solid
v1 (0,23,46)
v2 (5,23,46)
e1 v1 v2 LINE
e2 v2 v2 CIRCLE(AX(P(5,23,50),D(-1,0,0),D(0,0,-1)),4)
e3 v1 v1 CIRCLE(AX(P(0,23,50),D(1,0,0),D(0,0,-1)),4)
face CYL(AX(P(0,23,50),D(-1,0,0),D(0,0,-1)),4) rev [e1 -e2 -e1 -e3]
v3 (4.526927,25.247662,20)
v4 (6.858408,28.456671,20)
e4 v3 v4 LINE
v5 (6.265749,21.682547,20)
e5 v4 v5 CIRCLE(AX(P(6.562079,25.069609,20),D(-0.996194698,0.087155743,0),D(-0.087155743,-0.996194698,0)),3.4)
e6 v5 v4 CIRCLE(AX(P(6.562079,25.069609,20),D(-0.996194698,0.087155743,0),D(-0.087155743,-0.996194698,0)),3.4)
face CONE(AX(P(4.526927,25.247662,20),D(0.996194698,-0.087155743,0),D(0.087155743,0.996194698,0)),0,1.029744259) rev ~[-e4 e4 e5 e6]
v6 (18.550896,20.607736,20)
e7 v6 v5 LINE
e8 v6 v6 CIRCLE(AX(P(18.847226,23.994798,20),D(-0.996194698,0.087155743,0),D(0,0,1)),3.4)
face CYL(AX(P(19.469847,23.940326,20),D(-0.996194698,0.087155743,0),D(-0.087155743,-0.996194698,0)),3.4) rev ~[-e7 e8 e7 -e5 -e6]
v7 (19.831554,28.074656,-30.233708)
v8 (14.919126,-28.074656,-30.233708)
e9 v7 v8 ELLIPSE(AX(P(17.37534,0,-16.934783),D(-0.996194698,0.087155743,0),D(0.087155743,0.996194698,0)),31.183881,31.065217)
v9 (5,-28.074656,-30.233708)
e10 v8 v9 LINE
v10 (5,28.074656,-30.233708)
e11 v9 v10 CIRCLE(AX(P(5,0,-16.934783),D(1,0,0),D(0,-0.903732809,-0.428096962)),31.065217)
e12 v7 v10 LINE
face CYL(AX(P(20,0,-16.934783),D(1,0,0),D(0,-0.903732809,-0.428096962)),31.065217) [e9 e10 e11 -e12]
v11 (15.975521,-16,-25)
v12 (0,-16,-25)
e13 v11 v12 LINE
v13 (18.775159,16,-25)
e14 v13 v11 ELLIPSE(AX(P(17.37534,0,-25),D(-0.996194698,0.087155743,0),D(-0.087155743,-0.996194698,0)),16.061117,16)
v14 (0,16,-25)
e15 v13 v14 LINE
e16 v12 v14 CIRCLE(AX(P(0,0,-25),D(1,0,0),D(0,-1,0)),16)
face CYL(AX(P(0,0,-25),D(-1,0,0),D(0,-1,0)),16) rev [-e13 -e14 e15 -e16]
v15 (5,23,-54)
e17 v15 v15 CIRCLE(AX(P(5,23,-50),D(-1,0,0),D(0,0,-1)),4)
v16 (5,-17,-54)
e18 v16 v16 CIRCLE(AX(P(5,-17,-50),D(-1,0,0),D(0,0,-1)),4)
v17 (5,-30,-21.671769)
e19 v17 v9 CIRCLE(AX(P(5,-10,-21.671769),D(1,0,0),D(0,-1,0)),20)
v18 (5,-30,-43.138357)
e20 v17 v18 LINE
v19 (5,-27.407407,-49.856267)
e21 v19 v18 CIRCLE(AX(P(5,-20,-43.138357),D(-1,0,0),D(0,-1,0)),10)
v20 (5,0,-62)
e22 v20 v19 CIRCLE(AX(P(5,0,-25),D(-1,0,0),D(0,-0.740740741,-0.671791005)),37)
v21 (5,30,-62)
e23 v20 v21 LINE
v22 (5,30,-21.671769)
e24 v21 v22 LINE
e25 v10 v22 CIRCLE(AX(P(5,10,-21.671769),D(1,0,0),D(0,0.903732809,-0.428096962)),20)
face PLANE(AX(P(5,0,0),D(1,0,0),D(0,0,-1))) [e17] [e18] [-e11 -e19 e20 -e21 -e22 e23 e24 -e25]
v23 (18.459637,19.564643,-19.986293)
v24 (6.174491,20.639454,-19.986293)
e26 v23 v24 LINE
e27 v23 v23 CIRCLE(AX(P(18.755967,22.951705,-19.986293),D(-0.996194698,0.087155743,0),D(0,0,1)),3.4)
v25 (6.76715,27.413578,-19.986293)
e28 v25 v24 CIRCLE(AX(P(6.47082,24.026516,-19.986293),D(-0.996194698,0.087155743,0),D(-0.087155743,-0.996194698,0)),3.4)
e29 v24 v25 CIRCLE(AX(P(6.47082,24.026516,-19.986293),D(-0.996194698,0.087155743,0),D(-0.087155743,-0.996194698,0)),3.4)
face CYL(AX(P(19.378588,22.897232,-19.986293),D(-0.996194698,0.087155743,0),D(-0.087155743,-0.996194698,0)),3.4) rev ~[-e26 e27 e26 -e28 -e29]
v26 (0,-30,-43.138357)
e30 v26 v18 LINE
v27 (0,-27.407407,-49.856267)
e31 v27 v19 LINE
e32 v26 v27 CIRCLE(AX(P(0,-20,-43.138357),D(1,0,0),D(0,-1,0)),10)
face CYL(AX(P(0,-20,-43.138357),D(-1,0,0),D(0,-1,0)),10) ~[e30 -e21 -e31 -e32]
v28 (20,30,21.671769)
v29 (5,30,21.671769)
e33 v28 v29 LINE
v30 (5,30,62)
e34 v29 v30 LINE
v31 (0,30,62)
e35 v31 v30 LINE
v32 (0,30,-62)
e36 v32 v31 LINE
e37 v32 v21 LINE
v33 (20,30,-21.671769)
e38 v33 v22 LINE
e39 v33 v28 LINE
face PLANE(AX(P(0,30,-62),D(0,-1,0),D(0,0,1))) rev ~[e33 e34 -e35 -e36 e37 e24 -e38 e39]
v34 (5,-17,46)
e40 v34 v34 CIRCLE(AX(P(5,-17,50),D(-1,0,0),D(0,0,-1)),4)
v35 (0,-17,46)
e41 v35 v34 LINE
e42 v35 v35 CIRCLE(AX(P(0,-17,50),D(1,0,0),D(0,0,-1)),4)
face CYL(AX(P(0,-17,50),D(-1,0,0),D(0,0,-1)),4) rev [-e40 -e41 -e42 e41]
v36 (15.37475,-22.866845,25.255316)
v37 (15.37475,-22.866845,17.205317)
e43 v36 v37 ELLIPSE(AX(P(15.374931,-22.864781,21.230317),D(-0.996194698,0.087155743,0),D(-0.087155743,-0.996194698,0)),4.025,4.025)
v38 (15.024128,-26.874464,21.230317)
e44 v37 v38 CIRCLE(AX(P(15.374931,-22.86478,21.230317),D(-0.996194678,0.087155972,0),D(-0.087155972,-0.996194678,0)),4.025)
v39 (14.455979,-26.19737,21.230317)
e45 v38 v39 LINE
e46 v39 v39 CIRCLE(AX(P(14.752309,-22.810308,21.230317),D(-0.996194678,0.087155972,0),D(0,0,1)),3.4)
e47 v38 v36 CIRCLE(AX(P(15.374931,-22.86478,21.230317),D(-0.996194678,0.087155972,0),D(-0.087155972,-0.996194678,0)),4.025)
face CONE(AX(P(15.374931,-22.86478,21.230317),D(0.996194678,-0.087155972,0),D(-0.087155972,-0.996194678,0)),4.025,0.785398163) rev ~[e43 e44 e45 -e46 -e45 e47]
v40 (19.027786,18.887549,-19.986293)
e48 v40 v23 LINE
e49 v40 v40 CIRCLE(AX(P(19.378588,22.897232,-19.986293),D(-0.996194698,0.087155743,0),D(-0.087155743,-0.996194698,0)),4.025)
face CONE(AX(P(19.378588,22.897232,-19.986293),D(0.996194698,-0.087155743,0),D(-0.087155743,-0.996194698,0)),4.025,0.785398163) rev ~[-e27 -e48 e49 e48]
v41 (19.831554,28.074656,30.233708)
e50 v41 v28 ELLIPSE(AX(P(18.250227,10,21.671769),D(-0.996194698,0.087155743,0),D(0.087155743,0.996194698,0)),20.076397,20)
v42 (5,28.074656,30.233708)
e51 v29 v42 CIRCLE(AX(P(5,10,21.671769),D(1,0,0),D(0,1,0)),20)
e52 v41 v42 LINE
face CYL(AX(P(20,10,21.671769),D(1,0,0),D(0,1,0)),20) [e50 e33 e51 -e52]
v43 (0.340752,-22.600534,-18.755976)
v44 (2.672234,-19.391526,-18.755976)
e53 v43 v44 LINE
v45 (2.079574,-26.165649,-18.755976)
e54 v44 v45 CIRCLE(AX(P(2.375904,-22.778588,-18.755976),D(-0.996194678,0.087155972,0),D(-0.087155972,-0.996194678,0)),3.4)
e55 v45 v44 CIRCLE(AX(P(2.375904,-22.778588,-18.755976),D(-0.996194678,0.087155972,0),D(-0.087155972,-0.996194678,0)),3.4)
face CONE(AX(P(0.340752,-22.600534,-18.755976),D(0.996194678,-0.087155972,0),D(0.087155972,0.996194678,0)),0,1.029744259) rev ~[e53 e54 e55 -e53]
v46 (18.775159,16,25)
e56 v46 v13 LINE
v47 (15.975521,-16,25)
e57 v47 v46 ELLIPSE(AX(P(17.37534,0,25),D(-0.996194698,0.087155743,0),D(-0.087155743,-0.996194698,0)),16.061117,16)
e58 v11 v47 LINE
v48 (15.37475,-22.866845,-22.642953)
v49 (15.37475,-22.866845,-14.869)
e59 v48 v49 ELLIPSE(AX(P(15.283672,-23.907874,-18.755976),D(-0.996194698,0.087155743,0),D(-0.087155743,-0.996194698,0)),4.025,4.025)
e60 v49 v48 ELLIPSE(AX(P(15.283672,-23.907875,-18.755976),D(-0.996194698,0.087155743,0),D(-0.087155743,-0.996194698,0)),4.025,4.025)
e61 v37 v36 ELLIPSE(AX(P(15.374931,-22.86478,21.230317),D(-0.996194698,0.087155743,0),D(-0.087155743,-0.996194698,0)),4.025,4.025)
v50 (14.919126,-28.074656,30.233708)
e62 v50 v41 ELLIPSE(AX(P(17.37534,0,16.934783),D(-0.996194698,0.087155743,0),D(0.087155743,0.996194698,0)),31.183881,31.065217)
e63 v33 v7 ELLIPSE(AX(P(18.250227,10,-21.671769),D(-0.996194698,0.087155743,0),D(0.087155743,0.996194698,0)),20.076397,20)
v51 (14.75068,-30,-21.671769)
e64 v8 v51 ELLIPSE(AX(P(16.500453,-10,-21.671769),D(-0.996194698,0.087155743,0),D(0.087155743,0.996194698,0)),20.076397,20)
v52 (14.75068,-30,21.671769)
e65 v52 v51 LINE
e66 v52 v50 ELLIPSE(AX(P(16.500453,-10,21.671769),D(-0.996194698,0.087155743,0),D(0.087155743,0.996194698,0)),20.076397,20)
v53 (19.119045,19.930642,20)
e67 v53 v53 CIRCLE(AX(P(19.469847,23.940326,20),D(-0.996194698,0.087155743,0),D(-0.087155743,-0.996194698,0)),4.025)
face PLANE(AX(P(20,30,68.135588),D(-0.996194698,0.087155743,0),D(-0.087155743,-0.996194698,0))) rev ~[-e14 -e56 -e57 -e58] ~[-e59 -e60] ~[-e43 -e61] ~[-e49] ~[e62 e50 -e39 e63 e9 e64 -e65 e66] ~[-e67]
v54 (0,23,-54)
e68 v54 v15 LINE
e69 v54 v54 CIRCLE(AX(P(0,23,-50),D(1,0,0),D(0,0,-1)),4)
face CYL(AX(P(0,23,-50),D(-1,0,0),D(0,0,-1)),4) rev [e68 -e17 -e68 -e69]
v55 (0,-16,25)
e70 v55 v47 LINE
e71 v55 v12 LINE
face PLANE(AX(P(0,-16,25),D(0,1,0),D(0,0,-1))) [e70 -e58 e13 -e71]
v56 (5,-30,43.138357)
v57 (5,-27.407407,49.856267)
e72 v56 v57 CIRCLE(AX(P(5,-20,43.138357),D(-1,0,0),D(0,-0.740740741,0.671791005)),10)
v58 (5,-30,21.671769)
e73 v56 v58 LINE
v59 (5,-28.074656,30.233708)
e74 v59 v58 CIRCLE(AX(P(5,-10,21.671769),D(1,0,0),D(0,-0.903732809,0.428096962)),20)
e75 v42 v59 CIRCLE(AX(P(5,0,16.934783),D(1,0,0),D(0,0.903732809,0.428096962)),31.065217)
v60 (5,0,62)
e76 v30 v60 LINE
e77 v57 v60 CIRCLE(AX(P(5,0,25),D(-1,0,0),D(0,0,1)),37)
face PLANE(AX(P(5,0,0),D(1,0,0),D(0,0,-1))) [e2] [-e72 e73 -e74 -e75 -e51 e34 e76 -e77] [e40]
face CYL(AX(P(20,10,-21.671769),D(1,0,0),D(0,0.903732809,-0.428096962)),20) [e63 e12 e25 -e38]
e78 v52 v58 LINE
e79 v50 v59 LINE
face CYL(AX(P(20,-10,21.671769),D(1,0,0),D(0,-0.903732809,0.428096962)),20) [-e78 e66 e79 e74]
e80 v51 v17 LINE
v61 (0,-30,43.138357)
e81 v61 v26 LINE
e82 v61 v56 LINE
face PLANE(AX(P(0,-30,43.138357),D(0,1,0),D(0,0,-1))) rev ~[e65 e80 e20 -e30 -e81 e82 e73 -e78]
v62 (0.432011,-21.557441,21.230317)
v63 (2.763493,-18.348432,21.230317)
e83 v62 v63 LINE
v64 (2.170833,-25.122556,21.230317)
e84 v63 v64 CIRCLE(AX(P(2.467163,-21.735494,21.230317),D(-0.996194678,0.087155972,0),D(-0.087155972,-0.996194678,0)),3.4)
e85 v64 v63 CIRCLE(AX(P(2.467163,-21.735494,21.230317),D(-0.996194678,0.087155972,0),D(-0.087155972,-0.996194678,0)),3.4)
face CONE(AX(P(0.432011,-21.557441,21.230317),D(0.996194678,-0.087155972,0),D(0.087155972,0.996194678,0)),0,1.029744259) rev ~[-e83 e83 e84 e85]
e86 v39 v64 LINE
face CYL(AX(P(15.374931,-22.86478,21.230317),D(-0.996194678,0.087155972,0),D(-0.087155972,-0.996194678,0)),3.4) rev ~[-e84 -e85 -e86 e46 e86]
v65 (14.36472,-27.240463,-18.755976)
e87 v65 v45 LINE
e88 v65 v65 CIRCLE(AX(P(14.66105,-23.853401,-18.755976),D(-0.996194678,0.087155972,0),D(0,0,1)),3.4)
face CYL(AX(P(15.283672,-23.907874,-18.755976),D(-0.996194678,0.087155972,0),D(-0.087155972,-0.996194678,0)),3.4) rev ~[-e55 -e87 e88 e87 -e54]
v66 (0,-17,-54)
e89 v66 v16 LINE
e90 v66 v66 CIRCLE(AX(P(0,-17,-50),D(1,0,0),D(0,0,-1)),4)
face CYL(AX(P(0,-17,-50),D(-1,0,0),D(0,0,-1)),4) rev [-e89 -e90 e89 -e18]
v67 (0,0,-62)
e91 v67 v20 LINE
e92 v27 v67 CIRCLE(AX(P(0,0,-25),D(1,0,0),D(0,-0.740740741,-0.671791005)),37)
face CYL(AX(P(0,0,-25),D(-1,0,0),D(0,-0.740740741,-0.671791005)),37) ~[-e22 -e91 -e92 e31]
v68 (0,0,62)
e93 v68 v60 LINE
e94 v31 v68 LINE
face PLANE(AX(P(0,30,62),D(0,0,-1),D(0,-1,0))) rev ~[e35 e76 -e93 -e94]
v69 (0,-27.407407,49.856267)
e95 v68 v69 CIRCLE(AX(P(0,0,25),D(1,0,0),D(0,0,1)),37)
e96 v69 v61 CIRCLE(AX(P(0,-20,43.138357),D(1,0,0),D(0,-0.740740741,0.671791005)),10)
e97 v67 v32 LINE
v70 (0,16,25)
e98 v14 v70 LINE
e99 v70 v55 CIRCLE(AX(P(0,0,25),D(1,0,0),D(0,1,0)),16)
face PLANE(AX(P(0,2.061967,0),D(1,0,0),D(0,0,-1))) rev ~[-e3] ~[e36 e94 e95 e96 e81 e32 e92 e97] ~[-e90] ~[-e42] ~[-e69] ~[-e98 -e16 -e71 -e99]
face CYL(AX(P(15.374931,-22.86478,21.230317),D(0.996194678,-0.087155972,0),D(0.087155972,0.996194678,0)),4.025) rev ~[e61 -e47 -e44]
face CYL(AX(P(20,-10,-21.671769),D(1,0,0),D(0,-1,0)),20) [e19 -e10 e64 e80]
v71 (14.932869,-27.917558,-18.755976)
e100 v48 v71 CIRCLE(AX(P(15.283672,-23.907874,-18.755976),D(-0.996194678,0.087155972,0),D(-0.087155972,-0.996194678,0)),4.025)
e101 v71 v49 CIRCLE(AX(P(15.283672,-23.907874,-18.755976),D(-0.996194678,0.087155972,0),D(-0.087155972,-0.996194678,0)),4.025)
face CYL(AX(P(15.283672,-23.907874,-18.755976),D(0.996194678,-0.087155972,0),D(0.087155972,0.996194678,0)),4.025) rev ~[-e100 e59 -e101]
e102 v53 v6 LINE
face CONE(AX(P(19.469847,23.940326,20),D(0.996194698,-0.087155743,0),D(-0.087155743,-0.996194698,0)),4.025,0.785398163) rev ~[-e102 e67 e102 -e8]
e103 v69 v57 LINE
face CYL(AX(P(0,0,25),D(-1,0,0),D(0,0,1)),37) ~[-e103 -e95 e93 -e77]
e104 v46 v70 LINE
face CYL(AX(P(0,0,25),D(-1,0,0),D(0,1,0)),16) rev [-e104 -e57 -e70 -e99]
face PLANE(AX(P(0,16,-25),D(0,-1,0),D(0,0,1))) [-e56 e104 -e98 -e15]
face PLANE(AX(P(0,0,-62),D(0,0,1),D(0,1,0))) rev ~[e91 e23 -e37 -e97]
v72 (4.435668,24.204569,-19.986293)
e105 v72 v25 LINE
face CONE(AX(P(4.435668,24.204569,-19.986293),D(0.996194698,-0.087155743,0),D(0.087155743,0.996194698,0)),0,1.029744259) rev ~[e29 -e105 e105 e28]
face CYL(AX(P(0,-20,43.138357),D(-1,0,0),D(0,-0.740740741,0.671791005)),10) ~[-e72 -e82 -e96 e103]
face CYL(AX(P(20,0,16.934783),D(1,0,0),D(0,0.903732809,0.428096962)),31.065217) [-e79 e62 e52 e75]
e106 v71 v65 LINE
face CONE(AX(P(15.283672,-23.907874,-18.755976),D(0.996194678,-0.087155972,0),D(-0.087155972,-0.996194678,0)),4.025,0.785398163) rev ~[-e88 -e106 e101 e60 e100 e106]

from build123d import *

# Parameters (mm, degrees)
SZKIC1_R                                   = 4
DODANIE_WYCI_GNI_CIE1_DEPTH                = 20
SZKIC2_OUTSIDE_W                           = 153.84
SZKIC2_OUTSIDE_H                           = 89.84
WYTNIJ_WYCI_GNI_CIE1_DEPTH                 = 15
WYTNIJ_WYCI_GNI_CIE2_DEPTH                 = 130.135587659
WYTNIJ_WYCI_GNI_CIE2_DEPTH_BACK            = 130.135587659
OTW_R_GWINTOWANY_M81_D                     = 6.8
OTW_R_GWINTOWANY_M81_DEPTH                 = 12.957073895
OTW_R_GWINTOWANY_M81_CSINK_D               = 8.05
OTW_R_GWINTOWANY_M81_CSINK_ANGLE           = 90
OTW_R_GWINTOWANY_M81_TIP                   = 2.042926105
OTW_R_GWINTOWANY_M81_ON_FACE_2_D           = 6.8
OTW_R_GWINTOWANY_M81_ON_FACE_2_DEPTH       = 12.957073895
OTW_R_GWINTOWANY_M81_ON_FACE_2_CSINK_D     = 8.05
OTW_R_GWINTOWANY_M81_ON_FACE_2_CSINK_ANGLE = 90
OTW_R_GWINTOWANY_M81_ON_FACE_2_TIP         = 2.042926105


with BuildPart() as part:
    # Szkic1 → Dodanie-wyciągnięcie1 (new body)
    with BuildSketch(Plane(origin=(0, 0, 0), x_dir=(0, 0, -1), z_dir=(1, 0, 0))):
        with BuildLine():
            Line((-43.138357147, -30), (43.138357147, -30))
            ThreePointArc((43.138357147, -30), (46.738768646, -29.329364235), (49.856267202, -27.407407407))
            ThreePointArc((49.856267202, -27.407407407), (58.828108774, -14.988630917), (62, 0))
            Line((62, 0), (62, 30))
            Line((62, 30), (-62, 30))
            Line((-62, 30), (-62, 0))
            ThreePointArc((-62, 0), (-58.828108774, -14.988630917), (-49.856267202, -27.407407407))
            ThreePointArc((-49.856267202, -27.407407407), (-46.738768646, -29.329364235), (-43.138357147, -30))
        make_face()
        with Locations((-50, 23)):
            Circle(SZKIC1_R, mode=Mode.SUBTRACT)
        with Locations((50, 23)):
            Circle(SZKIC1_R, mode=Mode.SUBTRACT)
        with Locations((50, -17)):
            Circle(SZKIC1_R, mode=Mode.SUBTRACT)
        with Locations((-50, -17)):
            Circle(SZKIC1_R, mode=Mode.SUBTRACT)
        with BuildLine():
            Line((-25, -16), (25, -16))
            ThreePointArc((25, -16), (41, 0), (25, 16))
            Line((25, 16), (-25, 16))
            ThreePointArc((-25, 16), (-41, 0), (-25, -16))
        make_face(mode=Mode.SUBTRACT)
    extrude(amount=DODANIE_WYCI_GNI_CIE1_DEPTH)

    # Szkic2 outside → Wytnij-wyciągnięcie1 (cut)
    # profile 1 of 2: a face of its own
    with BuildSketch(Plane(origin=(20, 0, 0), x_dir=(0, 0, -1), z_dir=(1, 0, 0))):
        Rectangle(SZKIC2_OUTSIDE_W, SZKIC2_OUTSIDE_H)
        with BuildLine():
            Line((21.671768561, 30), (-21.671768561, 30))
            ThreePointArc((-21.671768561, 30), (-26.059642547, 29.512728202), (-30.233707808, 28.074656189))
            ThreePointArc((-30.233707808, 28.074656189), (-48, 0), (-30.233707808, -28.074656189))
            ThreePointArc((-30.233707808, -28.074656189), (-26.059642547, -29.512728202), (-21.671768561, -30))
            Line((-21.671768561, -30), (21.671768561, -30))
            ThreePointArc((21.671768561, -30), (26.059642547, -29.512728202), (30.233707808, -28.074656189))
            ThreePointArc((30.233707808, -28.074656189), (48, 0), (30.233707808, 28.074656189))
            ThreePointArc((30.233707808, 28.074656189), (26.059642547, 29.512728202), (21.671768561, 30))
        make_face(mode=Mode.SUBTRACT)
    # profile 2 of 2: a face of its own
    with BuildSketch(Plane(origin=(20, 0, 0), x_dir=(0, 0, -1), z_dir=(1, 0, 0))):
        with BuildLine():
            Line((-25, -16), (25, -16))
            ThreePointArc((25, -16), (41, 0), (25, 16))
            Line((25, 16), (-25, 16))
            ThreePointArc((-25, 16), (-41, 0), (-25, -16))
        make_face()
    extrude(amount=-WYTNIJ_WYCI_GNI_CIE1_DEPTH, mode=Mode.SUBTRACT)

    # Szkic3 → Wytnij-wyciągnięcie2 (cut, two sides: drawn at the far end of the back side and taken through both)
    with BuildSketch(Plane(origin=(0, 0, -62), x_dir=(-1, 0, 0), z_dir=(0, 0, -1)).offset(-WYTNIJ_WYCI_GNI_CIE2_DEPTH_BACK)):
        Polygon((-20, 30), (-14.750680188, -30), (-20, -30), align=None)
    extrude(amount=WYTNIJ_WYCI_GNI_CIE2_DEPTH + WYTNIJ_WYCI_GNI_CIE2_DEPTH_BACK, mode=Mode.SUBTRACT)

    # Otwór gwintowany M81
    with Locations(Plane(origin=(19.469847212, 23.940325899, 20), x_dir=(0.087155742748, 0.996194698092, 0), z_dir=(0.996194698092, -0.087155742748, 0))):
        with Locations((0, 0), (-1.047077932, -39.986292999)):
            CounterSinkHole(OTW_R_GWINTOWANY_M81_D / 2, OTW_R_GWINTOWANY_M81_CSINK_D / 2, depth=OTW_R_GWINTOWANY_M81_DEPTH, counter_sink_angle=OTW_R_GWINTOWANY_M81_CSINK_ANGLE)
            with Locations((0, 0, -(OTW_R_GWINTOWANY_M81_DEPTH + OTW_R_GWINTOWANY_M81_TIP / 2))):  # 118° drill point
                Cone(0, OTW_R_GWINTOWANY_M81_D / 2, OTW_R_GWINTOWANY_M81_TIP, mode=Mode.SUBTRACT)

    # Otwór gwintowany M81 on face 2
    with Locations(Plane(origin=(15.374931009, -22.864780472, 21.23031657), x_dir=(0.087155971833, 0.996194678049, 0), z_dir=(0.996194678049, -0.087155971833, 0))):
        with Locations((0, 0), (-1.047077932, -39.986292999)):
            CounterSinkHole(OTW_R_GWINTOWANY_M81_ON_FACE_2_D / 2, OTW_R_GWINTOWANY_M81_ON_FACE_2_CSINK_D / 2, depth=OTW_R_GWINTOWANY_M81_ON_FACE_2_DEPTH, counter_sink_angle=OTW_R_GWINTOWANY_M81_ON_FACE_2_CSINK_ANGLE)
            with Locations((0, 0, -(OTW_R_GWINTOWANY_M81_ON_FACE_2_DEPTH + OTW_R_GWINTOWANY_M81_ON_FACE_2_TIP / 2))):  # 118° drill point
                Cone(0, OTW_R_GWINTOWANY_M81_ON_FACE_2_D / 2, OTW_R_GWINTOWANY_M81_ON_FACE_2_TIP, mode=Mode.SUBTRACT)


solid = part.part
